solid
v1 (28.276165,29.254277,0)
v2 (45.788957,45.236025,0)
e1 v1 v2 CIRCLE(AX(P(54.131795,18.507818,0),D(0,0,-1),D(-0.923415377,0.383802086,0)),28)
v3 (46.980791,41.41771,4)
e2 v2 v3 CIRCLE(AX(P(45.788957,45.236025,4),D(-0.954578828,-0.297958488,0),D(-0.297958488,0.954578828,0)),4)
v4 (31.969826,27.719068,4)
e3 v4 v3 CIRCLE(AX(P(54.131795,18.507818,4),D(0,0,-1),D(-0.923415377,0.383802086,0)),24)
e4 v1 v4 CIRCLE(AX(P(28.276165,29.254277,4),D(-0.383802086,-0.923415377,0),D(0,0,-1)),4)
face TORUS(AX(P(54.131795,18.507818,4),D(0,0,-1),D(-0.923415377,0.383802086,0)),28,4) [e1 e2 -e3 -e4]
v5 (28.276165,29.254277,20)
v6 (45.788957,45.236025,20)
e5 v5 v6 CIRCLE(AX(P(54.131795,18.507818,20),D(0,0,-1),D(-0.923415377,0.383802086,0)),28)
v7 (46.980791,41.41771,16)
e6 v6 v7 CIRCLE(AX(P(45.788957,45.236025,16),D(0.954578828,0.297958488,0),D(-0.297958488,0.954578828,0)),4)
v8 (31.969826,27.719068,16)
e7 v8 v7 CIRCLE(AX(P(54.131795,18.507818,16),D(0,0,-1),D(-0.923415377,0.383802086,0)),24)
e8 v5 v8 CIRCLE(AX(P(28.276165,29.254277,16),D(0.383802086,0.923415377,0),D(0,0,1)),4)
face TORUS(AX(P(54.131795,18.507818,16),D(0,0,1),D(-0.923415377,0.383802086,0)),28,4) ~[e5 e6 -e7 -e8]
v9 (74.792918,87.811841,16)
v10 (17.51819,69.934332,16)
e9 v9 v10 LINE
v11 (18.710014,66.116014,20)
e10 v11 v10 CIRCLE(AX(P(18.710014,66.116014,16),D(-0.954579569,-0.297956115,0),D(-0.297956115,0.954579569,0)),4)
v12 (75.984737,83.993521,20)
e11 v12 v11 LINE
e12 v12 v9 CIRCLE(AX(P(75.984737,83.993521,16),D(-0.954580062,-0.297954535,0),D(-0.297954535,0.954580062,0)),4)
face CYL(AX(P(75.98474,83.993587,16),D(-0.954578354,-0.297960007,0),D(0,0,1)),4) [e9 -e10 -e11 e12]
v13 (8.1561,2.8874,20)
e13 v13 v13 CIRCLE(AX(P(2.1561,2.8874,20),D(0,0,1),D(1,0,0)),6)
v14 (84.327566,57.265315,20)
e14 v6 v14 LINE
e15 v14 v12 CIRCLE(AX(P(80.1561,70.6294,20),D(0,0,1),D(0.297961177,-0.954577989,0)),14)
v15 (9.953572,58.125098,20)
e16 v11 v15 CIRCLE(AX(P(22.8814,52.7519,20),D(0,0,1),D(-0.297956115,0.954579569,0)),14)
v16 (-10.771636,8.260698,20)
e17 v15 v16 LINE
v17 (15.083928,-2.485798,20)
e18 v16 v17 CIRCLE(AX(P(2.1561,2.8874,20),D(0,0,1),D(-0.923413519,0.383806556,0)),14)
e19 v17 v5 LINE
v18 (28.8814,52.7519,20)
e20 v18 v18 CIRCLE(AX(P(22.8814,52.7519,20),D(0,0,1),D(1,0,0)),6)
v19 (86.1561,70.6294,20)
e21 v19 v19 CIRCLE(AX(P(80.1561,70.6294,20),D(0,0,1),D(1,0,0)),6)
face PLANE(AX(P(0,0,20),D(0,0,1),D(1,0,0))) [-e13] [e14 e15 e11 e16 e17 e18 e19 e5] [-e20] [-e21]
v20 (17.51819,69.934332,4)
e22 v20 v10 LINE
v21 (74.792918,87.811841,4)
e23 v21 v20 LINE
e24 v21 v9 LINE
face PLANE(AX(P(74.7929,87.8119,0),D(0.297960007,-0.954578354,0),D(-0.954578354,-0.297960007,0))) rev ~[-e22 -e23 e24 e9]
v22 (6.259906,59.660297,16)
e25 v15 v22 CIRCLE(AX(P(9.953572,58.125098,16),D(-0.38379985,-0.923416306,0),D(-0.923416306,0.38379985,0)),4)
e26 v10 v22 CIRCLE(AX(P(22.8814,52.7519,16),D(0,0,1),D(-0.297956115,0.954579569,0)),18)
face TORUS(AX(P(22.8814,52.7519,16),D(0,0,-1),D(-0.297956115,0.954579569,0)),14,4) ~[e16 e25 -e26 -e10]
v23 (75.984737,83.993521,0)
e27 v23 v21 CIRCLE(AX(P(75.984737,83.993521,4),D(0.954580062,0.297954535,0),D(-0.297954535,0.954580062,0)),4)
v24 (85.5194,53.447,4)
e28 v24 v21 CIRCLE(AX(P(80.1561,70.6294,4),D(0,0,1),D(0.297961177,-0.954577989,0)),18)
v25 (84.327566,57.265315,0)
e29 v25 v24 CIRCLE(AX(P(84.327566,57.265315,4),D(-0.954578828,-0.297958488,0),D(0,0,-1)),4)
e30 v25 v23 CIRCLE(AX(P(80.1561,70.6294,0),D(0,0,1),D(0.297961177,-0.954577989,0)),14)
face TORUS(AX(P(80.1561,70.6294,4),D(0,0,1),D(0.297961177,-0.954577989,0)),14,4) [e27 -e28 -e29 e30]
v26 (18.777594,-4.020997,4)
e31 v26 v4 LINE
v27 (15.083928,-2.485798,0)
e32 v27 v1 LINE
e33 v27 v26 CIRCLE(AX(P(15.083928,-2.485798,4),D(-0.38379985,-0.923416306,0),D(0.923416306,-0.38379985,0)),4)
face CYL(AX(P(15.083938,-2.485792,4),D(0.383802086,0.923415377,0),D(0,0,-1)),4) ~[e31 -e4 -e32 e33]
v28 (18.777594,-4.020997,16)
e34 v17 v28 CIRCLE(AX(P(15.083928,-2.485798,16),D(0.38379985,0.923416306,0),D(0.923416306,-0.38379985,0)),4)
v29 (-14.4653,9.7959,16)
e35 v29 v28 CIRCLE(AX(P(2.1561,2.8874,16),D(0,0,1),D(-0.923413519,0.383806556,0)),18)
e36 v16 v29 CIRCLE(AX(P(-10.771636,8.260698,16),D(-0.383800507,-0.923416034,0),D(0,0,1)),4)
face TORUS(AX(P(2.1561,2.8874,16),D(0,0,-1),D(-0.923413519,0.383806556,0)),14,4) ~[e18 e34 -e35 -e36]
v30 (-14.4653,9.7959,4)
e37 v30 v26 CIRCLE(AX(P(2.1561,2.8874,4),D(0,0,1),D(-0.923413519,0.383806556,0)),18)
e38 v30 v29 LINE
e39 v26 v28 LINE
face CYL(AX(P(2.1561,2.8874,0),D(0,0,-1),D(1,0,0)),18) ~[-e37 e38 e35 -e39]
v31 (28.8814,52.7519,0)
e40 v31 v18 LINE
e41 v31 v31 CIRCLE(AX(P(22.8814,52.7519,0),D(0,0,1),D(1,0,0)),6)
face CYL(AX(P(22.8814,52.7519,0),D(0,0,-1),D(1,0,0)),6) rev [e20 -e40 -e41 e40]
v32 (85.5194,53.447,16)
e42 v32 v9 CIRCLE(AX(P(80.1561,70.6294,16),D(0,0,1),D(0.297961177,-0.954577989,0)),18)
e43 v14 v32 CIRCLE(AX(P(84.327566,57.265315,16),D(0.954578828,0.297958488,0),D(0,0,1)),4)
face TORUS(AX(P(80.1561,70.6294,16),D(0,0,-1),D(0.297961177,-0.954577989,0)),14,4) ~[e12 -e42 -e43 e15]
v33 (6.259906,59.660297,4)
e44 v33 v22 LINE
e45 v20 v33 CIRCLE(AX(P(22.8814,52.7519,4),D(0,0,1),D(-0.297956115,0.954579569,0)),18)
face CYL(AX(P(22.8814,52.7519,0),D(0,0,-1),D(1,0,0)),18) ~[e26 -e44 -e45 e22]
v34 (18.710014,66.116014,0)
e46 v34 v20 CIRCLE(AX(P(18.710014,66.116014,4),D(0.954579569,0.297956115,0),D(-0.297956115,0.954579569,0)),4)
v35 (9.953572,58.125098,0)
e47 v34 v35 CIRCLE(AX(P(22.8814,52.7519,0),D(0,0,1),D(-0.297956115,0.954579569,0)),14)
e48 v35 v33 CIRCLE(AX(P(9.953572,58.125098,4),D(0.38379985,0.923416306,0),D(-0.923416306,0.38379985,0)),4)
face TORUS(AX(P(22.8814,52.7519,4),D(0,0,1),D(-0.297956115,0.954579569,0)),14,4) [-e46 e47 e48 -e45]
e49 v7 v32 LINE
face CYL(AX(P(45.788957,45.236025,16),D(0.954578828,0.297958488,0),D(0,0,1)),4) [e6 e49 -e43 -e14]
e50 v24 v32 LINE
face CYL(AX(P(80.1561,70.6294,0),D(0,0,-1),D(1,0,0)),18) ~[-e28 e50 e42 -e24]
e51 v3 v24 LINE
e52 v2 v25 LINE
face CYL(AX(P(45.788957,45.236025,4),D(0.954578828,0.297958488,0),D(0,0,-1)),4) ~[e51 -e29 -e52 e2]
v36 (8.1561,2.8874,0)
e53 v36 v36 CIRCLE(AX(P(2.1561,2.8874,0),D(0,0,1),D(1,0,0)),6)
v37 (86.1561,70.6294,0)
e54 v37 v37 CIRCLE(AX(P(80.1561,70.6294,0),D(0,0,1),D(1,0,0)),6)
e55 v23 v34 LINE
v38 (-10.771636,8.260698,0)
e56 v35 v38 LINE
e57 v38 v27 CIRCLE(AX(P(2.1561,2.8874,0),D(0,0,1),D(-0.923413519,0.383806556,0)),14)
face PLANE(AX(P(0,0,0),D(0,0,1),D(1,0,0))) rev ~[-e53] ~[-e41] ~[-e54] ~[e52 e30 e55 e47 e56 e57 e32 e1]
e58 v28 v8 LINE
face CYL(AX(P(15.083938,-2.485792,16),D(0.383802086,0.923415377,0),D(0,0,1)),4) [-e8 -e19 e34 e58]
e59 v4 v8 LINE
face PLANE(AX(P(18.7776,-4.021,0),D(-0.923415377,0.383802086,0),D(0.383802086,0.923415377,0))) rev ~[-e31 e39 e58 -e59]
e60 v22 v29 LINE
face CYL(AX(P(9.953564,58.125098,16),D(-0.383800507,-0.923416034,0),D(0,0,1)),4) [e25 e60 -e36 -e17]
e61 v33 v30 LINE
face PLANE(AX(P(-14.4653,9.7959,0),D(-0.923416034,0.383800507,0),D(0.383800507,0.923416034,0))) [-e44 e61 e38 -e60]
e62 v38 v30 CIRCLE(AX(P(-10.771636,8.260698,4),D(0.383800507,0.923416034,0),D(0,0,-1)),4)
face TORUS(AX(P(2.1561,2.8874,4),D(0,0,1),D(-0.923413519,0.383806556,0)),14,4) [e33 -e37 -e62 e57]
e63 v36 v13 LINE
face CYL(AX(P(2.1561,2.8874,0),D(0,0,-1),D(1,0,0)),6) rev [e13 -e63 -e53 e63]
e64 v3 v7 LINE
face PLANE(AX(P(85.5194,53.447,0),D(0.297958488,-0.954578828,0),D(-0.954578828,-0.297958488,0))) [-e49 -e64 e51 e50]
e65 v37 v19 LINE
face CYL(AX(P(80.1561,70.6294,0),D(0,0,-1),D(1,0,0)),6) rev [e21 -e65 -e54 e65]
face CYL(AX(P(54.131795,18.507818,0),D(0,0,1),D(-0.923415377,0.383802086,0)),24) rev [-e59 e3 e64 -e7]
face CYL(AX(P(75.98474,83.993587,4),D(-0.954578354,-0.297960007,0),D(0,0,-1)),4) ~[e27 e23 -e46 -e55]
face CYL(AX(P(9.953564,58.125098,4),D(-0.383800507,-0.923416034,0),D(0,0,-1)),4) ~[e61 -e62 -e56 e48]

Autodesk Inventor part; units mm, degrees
ref_plane "YZ Plane" through (0, 0, 0) normal (1, 0, 0) x (0, 1, 0)
ref_plane "XZ Plane" through (0, 0, 0) normal (0, 1, 0) x (-1, 0, 0)
ref_plane "XY Plane" through (0, 0, 0) normal (0, 0, 1) x (1, 0, 0)
sketch "Sketch1" plane through (0, 0, 0) normal (0, 0, 1) x (1, 0, 0)
  circle A0 centre (2.1561, 2.8874) radius 18
  circle A1 centre (80.1561, 70.6294) radius 18
  circle A2 centre (22.8814, 52.7519) radius 18
  line L0 (74.7929, 87.8119) -> (17.5182, 69.9343)
  line L1 (-14.4653, 9.7959) -> (6.2599, 59.6603)
  line L2 (18.7776, -4.021) -> (39.5029, 45.8434)
  line L3 (85.5194, 53.447) -> (28.2447, 35.5695)
  circle A3 centre (2.1561, 2.8874) radius 6
  circle A4 centre (22.8814, 52.7519) radius 6
  circle A5 centre (80.1561, 70.6294) radius 6
  point P0 (0, 0)
  point P1 (36.2744, 38.0758)
  dimension "d0" = 36
  dimension "d1" = 36
  dimension "d2" = 54
  dimension "d3" = 60
  dimension "d6" = 12
extrude "Extrusion1" add sketch "Sketch1" along normal blind 20
fillet "Fillet2" radius 24 1 edges at (36.2744, 38.0758, 10)
fillet "Fillet1" radius 4 14 edges at (10.748, 66.0477, 20) (-4.1027, 34.7281, 20) (-4.7523, -13.734, 20) (25.3737, 11.849, 20) (97.3386, 75.9927, 20) (66.2501, 47.4324, 20) (46.1555, 78.8731, 20) (10.748, 66.0477, 0) (-4.1027, 34.7281, 0) (-4.7523, -13.734, 0) (25.3737, 11.849, 0) (97.3386, 75.9927, 0) (66.2501, 47.4324, 0) (46.1555, 78.8731, 0)
properties part number "SteelPost"
